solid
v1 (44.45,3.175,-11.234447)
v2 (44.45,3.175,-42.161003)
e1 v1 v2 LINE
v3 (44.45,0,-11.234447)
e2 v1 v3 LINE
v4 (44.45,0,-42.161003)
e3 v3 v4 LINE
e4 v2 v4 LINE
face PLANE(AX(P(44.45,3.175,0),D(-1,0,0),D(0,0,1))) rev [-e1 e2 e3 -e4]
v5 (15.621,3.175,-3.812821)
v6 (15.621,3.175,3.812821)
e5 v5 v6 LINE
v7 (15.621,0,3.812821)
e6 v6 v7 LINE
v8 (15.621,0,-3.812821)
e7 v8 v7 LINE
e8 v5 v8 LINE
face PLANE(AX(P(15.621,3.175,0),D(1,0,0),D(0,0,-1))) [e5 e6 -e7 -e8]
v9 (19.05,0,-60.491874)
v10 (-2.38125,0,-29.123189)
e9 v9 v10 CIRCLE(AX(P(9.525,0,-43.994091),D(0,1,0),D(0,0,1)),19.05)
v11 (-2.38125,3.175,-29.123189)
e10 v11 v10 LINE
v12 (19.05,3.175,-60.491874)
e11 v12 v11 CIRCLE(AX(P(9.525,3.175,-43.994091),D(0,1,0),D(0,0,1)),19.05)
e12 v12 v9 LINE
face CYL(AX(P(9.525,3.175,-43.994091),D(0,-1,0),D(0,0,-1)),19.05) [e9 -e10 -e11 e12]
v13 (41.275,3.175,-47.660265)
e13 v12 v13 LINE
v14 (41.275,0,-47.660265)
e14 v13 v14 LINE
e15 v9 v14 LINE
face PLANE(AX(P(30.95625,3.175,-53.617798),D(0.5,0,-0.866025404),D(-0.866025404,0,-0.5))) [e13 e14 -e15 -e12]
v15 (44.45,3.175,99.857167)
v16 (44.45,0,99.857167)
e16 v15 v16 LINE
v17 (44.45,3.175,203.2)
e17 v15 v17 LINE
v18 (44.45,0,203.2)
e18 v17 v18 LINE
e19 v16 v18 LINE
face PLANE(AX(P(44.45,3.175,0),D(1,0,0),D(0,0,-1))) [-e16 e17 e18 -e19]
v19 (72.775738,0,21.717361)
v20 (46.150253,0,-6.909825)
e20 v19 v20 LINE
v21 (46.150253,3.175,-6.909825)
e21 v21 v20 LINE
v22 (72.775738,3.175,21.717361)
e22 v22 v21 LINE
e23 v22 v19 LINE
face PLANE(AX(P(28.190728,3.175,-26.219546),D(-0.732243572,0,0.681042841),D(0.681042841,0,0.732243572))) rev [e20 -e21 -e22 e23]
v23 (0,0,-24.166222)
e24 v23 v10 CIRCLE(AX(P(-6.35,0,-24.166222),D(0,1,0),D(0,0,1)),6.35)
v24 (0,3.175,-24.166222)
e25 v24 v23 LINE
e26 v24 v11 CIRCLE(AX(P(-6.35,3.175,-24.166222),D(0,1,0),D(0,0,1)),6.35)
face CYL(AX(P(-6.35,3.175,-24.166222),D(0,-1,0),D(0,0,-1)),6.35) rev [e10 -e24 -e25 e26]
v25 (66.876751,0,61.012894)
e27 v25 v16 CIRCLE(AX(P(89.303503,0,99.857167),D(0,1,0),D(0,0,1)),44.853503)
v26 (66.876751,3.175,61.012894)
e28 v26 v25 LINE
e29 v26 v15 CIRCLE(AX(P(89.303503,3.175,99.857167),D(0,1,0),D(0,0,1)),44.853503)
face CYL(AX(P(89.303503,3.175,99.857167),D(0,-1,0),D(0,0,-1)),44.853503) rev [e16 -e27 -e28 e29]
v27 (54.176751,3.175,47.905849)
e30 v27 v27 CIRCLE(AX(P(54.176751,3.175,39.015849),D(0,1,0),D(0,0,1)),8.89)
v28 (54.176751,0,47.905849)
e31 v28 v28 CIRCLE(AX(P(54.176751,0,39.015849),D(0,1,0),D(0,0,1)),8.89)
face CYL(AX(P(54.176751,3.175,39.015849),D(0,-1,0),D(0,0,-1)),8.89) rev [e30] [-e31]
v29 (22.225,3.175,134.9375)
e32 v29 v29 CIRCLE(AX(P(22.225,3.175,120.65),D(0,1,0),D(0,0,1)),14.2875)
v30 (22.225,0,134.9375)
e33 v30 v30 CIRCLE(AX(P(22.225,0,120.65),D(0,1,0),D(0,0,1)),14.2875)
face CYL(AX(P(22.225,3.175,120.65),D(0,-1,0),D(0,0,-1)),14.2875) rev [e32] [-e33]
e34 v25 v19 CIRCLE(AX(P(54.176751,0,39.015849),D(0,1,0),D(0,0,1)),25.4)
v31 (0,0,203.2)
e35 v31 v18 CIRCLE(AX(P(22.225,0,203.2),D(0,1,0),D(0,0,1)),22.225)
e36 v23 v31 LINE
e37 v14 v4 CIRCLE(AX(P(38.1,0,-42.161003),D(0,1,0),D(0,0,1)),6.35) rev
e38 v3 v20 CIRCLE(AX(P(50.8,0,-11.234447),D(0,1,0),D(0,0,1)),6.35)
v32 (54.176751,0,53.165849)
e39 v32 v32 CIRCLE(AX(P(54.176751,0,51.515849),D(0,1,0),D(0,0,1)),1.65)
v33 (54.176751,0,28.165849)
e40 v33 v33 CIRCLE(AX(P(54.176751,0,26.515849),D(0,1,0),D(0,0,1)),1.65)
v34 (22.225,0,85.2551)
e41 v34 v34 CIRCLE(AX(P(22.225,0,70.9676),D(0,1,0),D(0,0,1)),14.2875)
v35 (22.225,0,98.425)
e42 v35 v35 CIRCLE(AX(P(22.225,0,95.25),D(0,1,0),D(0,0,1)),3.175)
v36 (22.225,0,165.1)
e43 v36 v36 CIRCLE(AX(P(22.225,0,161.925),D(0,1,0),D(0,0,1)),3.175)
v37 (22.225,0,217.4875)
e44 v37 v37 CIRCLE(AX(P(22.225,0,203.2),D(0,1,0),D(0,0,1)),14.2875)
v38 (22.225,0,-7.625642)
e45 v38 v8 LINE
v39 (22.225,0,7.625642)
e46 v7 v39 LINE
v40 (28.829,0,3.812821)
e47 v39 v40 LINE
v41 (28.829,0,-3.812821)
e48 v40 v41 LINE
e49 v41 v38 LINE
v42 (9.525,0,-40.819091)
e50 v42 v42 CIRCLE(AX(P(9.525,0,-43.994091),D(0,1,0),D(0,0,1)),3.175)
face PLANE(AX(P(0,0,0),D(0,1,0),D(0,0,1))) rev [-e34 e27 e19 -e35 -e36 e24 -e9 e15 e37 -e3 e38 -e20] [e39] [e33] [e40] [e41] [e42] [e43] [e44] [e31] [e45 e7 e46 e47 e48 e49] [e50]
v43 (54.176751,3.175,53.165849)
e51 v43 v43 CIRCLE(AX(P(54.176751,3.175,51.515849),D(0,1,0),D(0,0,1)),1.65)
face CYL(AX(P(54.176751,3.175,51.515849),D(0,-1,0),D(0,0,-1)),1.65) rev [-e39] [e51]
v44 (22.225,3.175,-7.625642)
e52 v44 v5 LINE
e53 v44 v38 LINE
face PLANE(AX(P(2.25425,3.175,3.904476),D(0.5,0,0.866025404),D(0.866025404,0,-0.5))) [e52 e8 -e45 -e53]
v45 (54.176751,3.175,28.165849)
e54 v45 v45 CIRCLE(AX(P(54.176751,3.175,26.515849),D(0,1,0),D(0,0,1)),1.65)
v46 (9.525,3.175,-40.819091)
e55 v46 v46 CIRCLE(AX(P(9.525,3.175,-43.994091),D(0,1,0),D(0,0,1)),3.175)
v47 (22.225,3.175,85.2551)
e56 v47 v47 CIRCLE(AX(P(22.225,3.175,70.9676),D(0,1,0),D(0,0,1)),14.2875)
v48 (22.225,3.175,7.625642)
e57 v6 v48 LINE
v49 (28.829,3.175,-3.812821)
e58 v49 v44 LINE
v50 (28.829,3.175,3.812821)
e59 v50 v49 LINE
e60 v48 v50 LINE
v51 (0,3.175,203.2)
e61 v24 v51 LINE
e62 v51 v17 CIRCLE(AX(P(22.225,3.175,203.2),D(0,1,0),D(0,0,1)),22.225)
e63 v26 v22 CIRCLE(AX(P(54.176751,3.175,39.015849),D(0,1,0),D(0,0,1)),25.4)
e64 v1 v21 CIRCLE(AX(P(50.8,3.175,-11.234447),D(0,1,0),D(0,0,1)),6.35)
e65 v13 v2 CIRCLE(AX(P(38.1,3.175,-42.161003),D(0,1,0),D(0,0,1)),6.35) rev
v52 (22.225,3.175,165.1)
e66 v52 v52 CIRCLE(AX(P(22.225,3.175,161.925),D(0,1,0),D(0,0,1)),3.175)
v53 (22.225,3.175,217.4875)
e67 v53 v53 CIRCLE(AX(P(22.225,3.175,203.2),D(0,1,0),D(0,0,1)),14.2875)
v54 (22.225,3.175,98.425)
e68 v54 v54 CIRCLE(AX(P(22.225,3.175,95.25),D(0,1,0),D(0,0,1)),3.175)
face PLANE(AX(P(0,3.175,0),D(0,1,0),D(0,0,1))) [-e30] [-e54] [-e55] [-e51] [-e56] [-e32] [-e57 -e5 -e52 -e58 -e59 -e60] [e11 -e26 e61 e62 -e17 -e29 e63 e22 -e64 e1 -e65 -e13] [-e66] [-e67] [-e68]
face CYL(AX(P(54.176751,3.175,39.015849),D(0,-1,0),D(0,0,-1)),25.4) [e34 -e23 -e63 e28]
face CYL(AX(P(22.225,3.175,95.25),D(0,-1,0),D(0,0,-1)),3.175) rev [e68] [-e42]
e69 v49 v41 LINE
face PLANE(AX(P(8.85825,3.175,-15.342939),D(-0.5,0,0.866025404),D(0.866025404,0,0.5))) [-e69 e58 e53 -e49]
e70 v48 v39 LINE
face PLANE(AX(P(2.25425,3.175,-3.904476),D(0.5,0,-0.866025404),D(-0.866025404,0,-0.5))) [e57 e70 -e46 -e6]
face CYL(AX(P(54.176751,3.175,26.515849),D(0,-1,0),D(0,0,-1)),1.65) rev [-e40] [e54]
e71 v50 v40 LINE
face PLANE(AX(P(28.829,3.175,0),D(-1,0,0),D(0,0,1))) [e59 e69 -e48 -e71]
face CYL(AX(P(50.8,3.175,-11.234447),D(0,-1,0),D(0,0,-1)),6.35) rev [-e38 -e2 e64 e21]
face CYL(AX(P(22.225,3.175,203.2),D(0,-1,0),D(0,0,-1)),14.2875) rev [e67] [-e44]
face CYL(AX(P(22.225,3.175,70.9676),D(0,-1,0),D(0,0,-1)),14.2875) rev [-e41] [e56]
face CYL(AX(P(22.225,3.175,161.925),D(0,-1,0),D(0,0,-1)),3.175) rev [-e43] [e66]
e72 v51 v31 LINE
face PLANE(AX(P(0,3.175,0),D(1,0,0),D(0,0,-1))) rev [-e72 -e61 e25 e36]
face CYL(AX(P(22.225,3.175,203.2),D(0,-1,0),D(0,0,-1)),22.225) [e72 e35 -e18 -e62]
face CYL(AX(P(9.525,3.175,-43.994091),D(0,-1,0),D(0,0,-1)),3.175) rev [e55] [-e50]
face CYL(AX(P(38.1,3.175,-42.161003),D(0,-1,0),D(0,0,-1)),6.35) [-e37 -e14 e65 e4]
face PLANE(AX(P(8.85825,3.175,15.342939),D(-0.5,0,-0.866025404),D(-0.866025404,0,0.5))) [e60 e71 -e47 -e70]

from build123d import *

# Parameters (mm, degrees)
SKETCH1_R           = 14.2875
SKETCH1_R_2         = 3.175
SKETCH1_R_3         = 8.89
SKETCH1_R_4         = 1.650000002
BOSS_EXTRUDE1_DEPTH = 3.175


with BuildPart() as part:
    # Sketch1 → Boss-Extrude1 (new body)
    with BuildSketch(Plane(origin=(0, 0, 0), x_dir=(1, 0, 0), z_dir=(0, 1, 0))):
        with BuildLine():
            Line((0, 24.166221867), (0, -203.2))
            ThreePointArc((0, -203.2), (22.225, -225.425), (44.45, -203.2))
            Line((44.45, -203.2), (44.45, -99.857166641))
            ThreePointArc((44.45, -99.857166641), (50.459229894, -77.430415362), (66.876751279, -61.012893977))
            ThreePointArc((66.876751279, -61.012893977), (79.295297798, -42.786607364), (72.775737997, -21.717360549))
            Line((72.775737997, -21.717360549), (46.15025332, 6.909825302))
            ThreePointArc((46.15025332, 6.909825302), (44.890330322, 8.911022224), (44.45, 11.234447345))
            Line((44.45, 11.234447345), (44.45, 42.161003408))
            ThreePointArc((44.45, 42.161003408), (43.599261314, 45.336003408), (41.275, 47.660264722))
            Line((41.275, 47.660264722), (19.05, 60.491874454))
            ThreePointArc((19.05, 60.491874454), (-6.204468975, 54.74054601), (-2.38125, 29.123189029))
            ThreePointArc((-2.38125, 29.123189029), (-0.62618735, 26.915852524), (0, 24.166221867))
        make_face()
        with Locations(Location((22.225, -203.2, 0), (0, 0, 270))):
            Circle(SKETCH1_R, mode=Mode.SUBTRACT)
        with Locations(Location((22.225, -120.65, 0), (0, 0, 270))):
            Circle(SKETCH1_R, mode=Mode.SUBTRACT)
        with Locations(Location((22.225, -70.9676, 0), (0, 0, 270))):
            Circle(SKETCH1_R, mode=Mode.SUBTRACT)
        with Locations(Location((22.225, -95.25, 0), (0, 0, 270))):
            Circle(SKETCH1_R_2, mode=Mode.SUBTRACT)
        with Locations(Location((22.225, -161.925, 0), (0, 0, 270))):
            Circle(SKETCH1_R_2, mode=Mode.SUBTRACT)
        with Locations(Location((9.525, 43.994090512, 0), (0, 0, 270))):
            Circle(SKETCH1_R_2, mode=Mode.SUBTRACT)
        with Locations(Location((54.176751279, -39.015848721, 0), (0, 0, 270))):
            Circle(SKETCH1_R_3, mode=Mode.SUBTRACT)
        with Locations(Location((54.176751279, -51.515848613, 0), (0, 0, 270))):
            Circle(SKETCH1_R_4, mode=Mode.SUBTRACT)
        with Locations(Location((54.176751279, -26.515848829, 0), (0, 0, 270))):
            Circle(SKETCH1_R_4, mode=Mode.SUBTRACT)
        Polygon((22.225, -7.625642355), (28.829, -3.812821178), (28.829, 3.812821178), (22.225, 7.625642355), (15.621, 3.812821178), (15.621, -3.812821178), align=None, mode=Mode.SUBTRACT)
    extrude(amount=BOSS_EXTRUDE1_DEPTH)


solid = part.part
